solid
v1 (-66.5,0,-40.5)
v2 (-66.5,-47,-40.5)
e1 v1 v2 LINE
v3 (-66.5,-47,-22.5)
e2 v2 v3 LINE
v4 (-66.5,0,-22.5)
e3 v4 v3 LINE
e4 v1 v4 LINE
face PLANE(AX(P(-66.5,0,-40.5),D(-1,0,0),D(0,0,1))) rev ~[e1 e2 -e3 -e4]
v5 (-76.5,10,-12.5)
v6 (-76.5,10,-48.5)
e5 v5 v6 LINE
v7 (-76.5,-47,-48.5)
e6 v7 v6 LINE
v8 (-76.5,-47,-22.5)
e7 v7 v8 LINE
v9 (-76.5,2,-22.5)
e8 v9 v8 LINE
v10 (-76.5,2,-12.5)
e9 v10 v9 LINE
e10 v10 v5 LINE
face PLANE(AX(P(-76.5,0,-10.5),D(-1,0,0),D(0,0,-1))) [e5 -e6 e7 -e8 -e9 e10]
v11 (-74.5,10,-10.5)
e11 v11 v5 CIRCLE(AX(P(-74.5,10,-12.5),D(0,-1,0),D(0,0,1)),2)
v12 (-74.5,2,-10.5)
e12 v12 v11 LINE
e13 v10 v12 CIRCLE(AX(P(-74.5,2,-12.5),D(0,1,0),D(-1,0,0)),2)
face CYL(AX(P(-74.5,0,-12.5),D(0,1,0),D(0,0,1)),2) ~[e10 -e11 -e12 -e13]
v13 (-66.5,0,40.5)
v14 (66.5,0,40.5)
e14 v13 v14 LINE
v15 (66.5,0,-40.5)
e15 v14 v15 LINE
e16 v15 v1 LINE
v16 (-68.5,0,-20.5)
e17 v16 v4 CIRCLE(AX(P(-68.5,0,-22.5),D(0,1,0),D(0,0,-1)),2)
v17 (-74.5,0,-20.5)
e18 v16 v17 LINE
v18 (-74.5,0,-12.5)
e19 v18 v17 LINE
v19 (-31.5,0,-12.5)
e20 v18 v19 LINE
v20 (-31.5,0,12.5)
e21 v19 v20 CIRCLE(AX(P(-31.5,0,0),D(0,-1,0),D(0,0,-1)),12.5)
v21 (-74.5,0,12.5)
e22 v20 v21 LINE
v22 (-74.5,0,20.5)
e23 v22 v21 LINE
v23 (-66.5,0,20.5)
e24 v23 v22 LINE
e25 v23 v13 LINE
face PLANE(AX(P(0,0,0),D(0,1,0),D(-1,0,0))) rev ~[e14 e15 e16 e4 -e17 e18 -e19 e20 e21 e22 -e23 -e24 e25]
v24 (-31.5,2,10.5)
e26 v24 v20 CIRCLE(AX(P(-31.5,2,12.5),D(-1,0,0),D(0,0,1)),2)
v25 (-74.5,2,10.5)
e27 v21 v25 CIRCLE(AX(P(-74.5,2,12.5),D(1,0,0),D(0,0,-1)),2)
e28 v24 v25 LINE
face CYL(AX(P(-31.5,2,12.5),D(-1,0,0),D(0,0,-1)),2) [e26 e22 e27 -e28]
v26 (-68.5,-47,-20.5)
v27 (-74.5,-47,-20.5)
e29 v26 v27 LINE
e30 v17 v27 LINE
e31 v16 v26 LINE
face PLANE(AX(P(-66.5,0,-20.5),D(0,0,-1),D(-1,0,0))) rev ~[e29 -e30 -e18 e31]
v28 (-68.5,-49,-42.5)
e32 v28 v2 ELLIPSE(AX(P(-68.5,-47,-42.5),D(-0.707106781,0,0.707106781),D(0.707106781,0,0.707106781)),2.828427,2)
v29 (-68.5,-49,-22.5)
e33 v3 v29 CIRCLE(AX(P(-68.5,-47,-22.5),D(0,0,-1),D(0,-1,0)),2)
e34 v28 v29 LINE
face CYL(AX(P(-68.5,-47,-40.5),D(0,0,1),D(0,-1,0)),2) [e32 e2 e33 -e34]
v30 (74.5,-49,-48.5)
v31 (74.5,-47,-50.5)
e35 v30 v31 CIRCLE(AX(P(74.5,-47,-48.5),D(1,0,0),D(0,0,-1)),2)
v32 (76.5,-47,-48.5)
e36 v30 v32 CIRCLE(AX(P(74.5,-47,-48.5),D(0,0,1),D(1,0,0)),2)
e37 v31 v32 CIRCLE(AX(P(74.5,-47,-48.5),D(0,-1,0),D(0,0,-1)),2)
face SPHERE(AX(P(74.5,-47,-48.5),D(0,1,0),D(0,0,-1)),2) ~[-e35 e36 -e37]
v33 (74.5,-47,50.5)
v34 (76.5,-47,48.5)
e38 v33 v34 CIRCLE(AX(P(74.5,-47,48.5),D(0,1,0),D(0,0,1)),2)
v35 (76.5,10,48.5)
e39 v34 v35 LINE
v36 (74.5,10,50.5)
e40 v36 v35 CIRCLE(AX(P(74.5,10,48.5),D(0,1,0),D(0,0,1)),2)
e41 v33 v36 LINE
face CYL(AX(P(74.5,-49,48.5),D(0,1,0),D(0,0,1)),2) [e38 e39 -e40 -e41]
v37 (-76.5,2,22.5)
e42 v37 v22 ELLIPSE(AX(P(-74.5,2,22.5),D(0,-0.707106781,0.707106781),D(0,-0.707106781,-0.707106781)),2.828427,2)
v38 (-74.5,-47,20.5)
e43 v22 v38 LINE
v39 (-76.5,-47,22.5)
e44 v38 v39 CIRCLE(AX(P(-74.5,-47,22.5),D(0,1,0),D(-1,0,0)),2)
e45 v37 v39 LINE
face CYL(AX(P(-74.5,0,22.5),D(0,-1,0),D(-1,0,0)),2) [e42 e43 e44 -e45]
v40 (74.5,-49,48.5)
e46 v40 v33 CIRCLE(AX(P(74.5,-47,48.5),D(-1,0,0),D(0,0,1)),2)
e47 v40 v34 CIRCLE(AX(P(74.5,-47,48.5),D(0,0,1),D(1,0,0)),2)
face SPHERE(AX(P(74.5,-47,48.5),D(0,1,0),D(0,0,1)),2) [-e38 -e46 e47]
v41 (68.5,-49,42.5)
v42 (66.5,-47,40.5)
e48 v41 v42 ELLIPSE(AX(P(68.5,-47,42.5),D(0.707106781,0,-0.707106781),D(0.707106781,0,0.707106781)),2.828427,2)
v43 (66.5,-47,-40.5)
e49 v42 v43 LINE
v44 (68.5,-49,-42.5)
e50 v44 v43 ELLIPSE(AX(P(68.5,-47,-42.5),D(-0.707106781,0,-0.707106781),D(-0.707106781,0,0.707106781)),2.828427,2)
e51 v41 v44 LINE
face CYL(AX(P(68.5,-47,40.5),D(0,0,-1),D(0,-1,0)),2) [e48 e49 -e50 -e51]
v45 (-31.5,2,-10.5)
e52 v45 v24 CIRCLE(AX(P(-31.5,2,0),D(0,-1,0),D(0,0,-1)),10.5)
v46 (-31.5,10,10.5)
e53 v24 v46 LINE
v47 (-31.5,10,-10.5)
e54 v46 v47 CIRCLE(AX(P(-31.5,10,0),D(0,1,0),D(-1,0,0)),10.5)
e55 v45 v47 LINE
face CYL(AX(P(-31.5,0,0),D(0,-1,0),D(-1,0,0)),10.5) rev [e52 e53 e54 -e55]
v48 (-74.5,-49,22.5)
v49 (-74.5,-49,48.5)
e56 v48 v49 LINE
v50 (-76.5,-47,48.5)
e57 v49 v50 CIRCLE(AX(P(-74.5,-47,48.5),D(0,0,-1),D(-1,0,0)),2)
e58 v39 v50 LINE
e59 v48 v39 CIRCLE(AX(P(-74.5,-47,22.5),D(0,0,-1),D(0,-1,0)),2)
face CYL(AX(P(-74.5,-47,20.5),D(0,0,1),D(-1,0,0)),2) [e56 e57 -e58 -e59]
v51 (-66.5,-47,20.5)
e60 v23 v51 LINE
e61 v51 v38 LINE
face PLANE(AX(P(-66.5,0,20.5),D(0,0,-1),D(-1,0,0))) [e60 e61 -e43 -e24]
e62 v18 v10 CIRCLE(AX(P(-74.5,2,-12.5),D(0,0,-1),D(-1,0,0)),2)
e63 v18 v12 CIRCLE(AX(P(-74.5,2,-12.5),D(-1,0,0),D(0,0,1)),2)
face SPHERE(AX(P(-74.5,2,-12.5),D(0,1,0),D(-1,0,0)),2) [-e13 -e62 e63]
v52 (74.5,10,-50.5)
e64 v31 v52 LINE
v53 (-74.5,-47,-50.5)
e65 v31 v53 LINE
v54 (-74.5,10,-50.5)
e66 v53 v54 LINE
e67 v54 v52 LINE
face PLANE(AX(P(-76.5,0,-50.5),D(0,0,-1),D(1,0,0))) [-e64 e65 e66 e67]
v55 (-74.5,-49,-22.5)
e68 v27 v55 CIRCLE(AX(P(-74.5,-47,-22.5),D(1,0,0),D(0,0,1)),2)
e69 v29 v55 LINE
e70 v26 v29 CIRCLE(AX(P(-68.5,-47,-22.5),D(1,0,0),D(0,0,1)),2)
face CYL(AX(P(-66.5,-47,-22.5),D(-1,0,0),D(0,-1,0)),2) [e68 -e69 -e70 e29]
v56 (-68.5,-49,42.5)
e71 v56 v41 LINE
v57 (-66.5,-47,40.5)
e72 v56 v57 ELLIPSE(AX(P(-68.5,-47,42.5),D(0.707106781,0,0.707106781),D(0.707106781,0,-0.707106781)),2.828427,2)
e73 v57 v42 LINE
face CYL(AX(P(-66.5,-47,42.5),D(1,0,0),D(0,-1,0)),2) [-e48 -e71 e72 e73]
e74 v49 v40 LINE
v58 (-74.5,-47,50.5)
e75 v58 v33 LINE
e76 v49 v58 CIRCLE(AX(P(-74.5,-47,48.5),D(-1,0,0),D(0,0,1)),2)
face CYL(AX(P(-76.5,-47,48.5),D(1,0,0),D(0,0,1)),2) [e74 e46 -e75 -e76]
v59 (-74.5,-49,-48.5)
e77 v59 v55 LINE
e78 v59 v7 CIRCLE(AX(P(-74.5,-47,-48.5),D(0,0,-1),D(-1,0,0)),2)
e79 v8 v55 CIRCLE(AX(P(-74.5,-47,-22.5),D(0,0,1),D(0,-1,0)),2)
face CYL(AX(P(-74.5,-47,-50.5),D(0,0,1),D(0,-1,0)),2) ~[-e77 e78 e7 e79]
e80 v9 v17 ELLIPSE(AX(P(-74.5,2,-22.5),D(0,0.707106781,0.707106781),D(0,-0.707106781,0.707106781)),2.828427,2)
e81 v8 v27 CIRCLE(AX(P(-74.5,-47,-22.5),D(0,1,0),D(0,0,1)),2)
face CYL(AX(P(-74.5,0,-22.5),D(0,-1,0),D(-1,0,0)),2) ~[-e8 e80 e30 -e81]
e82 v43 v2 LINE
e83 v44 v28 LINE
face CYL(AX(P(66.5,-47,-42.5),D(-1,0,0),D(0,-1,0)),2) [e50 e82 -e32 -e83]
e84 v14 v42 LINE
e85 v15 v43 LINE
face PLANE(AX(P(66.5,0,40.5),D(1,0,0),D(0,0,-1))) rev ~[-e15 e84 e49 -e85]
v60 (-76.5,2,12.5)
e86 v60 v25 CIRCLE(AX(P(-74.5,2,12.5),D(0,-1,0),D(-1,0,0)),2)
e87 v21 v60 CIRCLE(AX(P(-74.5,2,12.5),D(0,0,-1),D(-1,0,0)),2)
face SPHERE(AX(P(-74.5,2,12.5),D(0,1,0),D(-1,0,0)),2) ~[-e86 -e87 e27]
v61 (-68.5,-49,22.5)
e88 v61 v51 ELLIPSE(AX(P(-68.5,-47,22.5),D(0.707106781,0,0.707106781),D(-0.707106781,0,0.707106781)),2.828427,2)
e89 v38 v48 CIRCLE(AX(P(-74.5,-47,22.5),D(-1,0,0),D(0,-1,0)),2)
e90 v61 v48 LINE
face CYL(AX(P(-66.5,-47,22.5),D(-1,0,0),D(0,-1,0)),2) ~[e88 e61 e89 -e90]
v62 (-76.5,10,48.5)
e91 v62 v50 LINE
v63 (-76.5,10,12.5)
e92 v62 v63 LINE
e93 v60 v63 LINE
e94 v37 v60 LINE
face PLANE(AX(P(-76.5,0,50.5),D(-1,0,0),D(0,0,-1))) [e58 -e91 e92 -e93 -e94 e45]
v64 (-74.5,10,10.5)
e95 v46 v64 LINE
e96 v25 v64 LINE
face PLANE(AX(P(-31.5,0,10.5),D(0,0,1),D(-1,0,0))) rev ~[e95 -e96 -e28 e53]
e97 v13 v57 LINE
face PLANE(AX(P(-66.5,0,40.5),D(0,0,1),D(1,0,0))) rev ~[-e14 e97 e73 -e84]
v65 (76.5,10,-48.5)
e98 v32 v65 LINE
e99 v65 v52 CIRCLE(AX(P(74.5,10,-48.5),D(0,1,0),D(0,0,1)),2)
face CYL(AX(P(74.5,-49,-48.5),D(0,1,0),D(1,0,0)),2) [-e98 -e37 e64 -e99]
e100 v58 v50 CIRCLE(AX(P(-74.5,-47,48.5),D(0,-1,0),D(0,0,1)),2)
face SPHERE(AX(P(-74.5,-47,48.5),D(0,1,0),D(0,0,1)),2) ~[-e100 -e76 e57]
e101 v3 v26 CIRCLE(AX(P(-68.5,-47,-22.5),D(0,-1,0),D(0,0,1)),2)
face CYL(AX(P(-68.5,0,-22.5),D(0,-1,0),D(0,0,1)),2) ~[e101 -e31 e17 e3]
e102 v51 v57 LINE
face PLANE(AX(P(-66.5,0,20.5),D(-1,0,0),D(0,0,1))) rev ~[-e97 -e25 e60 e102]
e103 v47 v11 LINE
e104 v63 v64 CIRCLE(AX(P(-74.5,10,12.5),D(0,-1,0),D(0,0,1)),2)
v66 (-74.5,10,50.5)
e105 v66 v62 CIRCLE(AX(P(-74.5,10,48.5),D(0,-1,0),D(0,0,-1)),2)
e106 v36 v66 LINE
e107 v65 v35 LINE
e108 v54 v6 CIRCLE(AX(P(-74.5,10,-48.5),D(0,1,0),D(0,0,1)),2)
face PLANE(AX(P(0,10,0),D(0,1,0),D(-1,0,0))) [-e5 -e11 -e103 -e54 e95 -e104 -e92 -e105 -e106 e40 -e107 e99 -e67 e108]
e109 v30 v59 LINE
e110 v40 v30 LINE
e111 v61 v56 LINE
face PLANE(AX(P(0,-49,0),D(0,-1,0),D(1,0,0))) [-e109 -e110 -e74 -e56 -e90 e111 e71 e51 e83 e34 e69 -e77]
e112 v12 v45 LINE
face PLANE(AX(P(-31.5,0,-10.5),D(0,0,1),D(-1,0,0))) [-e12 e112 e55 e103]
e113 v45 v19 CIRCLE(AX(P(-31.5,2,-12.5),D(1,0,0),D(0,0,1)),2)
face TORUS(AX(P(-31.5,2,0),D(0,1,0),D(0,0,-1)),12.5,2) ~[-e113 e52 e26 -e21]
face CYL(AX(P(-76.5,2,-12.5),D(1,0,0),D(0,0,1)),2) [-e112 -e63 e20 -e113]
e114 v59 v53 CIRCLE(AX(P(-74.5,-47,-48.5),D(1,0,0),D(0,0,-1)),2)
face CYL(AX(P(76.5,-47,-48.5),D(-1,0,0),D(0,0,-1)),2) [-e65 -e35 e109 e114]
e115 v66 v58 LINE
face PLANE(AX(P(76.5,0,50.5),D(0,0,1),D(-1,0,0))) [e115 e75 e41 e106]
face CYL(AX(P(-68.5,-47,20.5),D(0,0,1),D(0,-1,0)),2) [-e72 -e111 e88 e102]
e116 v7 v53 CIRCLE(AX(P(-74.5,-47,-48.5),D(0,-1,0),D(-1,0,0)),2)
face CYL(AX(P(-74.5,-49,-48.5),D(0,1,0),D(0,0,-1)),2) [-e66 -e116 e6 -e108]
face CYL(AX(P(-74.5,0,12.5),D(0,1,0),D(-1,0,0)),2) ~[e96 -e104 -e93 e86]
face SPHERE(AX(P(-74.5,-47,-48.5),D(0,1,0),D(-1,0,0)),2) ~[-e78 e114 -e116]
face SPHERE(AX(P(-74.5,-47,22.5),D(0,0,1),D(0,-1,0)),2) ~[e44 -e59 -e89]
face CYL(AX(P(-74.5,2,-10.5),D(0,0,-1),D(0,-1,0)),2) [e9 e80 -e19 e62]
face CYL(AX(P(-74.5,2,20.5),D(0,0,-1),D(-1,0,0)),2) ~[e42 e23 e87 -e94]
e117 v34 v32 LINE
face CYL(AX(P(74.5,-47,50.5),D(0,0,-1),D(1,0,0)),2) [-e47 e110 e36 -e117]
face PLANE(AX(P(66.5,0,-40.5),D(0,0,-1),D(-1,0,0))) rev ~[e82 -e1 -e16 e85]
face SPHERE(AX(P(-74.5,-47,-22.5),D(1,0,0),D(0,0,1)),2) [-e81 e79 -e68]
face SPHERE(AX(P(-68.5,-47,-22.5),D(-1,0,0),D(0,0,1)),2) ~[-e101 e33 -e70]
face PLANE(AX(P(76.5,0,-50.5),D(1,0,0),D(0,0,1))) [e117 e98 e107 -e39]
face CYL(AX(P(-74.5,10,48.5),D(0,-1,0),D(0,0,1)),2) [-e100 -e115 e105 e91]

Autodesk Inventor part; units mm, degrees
ref_plane "YZ Plane" through (0, 0, 0) normal (1, 0, 0) x (0, 1, 0)
ref_plane "XZ Plane" through (0, 0, 0) normal (0, 1, 0) x (-1, 0, 0)
ref_plane "XY Plane" through (0, 0, 0) normal (0, 0, 1) x (1, 0, 0)
sketch "草圖1" plane through (0, 0, 0) normal (0, 1, 0) x (-1, 0, 0)
  line L0 (-76.5, 50.5) -> (76.5, 50.5)
  line L1 (76.5, 50.5) -> (76.5, -50.5)
  line L2 (76.5, -50.5) -> (-76.5, -50.5)
  line L3 (-76.5, -50.5) -> (-76.5, 50.5)
  line L4 (-76.5, 50.5) -> (76.5, -50.5) construction
  line L5 (76.5, 50.5) -> (-76.5, -50.5) construction
  circle A0 centre (31.5, 0) radius 10.5
  line L6 (31.5, 10.5) -> (76.5, 10.5)
  line L7 (31.5, -10.5) -> (76.5, -10.5)
  point P0 (0, 0)
  point P1 (0, 0)
  dimension "d0" = 153
  dimension "d1" = 101
  dimension "d2" = 45
  dimension "d3" = 21
extrude "擠出1" add sketch "草圖1" along normal blind 10 contours L0 L1 L6 A0 L7 L2 L3
sketch "草圖2" plane through (0, 0, 0) normal (0, -1, 0) x (1, 0, 0)
  line L0 (76.5, 50.5) -> (76.5, -50.5) projected
  line L1 (-76.5, 50.5) -> (76.5, 50.5) projected
  line L2 (-76.5, 10.5) -> (-76.5, 50.5) projected
  line L3 (-31.5, 10.5) -> (-76.5, 10.5) projected
  arc A0 (-31.5, -10.5) -> (-31.5, 10.5) centre (-31.5, 0) ccw projected
  line L4 (-76.5, -10.5) -> (-31.5, -10.5) projected
  line L5 (-76.5, -50.5) -> (-76.5, -10.5) projected
  line L6 (76.5, -50.5) -> (-76.5, -50.5) projected
  line L7 (66.5, 40.5) -> (66.5, -40.5)
  line L8 (66.5, -40.5) -> (-66.5, -40.5)
  line L9 (-66.5, -40.5) -> (-66.5, -20.5)
  line L10 (-66.5, -20.5) -> (-31.5, -20.5)
  arc A1 (-31.5, -20.5) -> (-31.5, 20.5) centre (-31.5, 0) ccw
  line L11 (-31.5, 20.5) -> (-66.5, 20.5)
  line L12 (-66.5, 20.5) -> (-66.5, 40.5)
  line L13 (-66.5, 40.5) -> (66.5, 40.5)
  line L14 (-66.5, 20.5) -> (-76.5, 20.5)
  line L15 (-66.5, -20.5) -> (-76.5, -20.5)
  line L16 (-76.5, -50.5) -> (-76.5, -10.5) projected
  point P0 (0, 0)
  dimension "d6" = 10
extrude "擠出2" add sketch "草圖2" along normal blind 49 contours L0 L6 L5 L15 L9 L8 L7 L13 L12 L14 L2 L1
fillet "圓角1" radius 2 26 edges at (76.5, -19.5, 50.5) (-76.5, -19.5, 50.5) (-76.5, 5, -10.5) (-76.5, 5, 10.5) (-76.5, -19.5, -50.5) (76.5, -19.5, -50.5) (0, -49, 50.5) (0, -49, 40.5) (-76.5, -49, 35.5) (-66.5, -49, 30.5) (-71.5, -49, -20.5) (-71.5, -49, 20.5) (-76.5, -24.5, -20.5) (-66.5, -24.5, -20.5) (-76.5, -49, -35.5) (-66.5, -49, -30.5) (0, -49, -50.5) (0, -49, -40.5) (-76.5, 0, -15.5) (-76.5, 0, 15.5) (-76.5, -24.5, 20.5) (-54, 0, 10.5) (-54, 0, -10.5) (-21, 0, 0) (66.5, -49, 0) (76.5, -49, 0)
properties part number "麥克風蓋"
